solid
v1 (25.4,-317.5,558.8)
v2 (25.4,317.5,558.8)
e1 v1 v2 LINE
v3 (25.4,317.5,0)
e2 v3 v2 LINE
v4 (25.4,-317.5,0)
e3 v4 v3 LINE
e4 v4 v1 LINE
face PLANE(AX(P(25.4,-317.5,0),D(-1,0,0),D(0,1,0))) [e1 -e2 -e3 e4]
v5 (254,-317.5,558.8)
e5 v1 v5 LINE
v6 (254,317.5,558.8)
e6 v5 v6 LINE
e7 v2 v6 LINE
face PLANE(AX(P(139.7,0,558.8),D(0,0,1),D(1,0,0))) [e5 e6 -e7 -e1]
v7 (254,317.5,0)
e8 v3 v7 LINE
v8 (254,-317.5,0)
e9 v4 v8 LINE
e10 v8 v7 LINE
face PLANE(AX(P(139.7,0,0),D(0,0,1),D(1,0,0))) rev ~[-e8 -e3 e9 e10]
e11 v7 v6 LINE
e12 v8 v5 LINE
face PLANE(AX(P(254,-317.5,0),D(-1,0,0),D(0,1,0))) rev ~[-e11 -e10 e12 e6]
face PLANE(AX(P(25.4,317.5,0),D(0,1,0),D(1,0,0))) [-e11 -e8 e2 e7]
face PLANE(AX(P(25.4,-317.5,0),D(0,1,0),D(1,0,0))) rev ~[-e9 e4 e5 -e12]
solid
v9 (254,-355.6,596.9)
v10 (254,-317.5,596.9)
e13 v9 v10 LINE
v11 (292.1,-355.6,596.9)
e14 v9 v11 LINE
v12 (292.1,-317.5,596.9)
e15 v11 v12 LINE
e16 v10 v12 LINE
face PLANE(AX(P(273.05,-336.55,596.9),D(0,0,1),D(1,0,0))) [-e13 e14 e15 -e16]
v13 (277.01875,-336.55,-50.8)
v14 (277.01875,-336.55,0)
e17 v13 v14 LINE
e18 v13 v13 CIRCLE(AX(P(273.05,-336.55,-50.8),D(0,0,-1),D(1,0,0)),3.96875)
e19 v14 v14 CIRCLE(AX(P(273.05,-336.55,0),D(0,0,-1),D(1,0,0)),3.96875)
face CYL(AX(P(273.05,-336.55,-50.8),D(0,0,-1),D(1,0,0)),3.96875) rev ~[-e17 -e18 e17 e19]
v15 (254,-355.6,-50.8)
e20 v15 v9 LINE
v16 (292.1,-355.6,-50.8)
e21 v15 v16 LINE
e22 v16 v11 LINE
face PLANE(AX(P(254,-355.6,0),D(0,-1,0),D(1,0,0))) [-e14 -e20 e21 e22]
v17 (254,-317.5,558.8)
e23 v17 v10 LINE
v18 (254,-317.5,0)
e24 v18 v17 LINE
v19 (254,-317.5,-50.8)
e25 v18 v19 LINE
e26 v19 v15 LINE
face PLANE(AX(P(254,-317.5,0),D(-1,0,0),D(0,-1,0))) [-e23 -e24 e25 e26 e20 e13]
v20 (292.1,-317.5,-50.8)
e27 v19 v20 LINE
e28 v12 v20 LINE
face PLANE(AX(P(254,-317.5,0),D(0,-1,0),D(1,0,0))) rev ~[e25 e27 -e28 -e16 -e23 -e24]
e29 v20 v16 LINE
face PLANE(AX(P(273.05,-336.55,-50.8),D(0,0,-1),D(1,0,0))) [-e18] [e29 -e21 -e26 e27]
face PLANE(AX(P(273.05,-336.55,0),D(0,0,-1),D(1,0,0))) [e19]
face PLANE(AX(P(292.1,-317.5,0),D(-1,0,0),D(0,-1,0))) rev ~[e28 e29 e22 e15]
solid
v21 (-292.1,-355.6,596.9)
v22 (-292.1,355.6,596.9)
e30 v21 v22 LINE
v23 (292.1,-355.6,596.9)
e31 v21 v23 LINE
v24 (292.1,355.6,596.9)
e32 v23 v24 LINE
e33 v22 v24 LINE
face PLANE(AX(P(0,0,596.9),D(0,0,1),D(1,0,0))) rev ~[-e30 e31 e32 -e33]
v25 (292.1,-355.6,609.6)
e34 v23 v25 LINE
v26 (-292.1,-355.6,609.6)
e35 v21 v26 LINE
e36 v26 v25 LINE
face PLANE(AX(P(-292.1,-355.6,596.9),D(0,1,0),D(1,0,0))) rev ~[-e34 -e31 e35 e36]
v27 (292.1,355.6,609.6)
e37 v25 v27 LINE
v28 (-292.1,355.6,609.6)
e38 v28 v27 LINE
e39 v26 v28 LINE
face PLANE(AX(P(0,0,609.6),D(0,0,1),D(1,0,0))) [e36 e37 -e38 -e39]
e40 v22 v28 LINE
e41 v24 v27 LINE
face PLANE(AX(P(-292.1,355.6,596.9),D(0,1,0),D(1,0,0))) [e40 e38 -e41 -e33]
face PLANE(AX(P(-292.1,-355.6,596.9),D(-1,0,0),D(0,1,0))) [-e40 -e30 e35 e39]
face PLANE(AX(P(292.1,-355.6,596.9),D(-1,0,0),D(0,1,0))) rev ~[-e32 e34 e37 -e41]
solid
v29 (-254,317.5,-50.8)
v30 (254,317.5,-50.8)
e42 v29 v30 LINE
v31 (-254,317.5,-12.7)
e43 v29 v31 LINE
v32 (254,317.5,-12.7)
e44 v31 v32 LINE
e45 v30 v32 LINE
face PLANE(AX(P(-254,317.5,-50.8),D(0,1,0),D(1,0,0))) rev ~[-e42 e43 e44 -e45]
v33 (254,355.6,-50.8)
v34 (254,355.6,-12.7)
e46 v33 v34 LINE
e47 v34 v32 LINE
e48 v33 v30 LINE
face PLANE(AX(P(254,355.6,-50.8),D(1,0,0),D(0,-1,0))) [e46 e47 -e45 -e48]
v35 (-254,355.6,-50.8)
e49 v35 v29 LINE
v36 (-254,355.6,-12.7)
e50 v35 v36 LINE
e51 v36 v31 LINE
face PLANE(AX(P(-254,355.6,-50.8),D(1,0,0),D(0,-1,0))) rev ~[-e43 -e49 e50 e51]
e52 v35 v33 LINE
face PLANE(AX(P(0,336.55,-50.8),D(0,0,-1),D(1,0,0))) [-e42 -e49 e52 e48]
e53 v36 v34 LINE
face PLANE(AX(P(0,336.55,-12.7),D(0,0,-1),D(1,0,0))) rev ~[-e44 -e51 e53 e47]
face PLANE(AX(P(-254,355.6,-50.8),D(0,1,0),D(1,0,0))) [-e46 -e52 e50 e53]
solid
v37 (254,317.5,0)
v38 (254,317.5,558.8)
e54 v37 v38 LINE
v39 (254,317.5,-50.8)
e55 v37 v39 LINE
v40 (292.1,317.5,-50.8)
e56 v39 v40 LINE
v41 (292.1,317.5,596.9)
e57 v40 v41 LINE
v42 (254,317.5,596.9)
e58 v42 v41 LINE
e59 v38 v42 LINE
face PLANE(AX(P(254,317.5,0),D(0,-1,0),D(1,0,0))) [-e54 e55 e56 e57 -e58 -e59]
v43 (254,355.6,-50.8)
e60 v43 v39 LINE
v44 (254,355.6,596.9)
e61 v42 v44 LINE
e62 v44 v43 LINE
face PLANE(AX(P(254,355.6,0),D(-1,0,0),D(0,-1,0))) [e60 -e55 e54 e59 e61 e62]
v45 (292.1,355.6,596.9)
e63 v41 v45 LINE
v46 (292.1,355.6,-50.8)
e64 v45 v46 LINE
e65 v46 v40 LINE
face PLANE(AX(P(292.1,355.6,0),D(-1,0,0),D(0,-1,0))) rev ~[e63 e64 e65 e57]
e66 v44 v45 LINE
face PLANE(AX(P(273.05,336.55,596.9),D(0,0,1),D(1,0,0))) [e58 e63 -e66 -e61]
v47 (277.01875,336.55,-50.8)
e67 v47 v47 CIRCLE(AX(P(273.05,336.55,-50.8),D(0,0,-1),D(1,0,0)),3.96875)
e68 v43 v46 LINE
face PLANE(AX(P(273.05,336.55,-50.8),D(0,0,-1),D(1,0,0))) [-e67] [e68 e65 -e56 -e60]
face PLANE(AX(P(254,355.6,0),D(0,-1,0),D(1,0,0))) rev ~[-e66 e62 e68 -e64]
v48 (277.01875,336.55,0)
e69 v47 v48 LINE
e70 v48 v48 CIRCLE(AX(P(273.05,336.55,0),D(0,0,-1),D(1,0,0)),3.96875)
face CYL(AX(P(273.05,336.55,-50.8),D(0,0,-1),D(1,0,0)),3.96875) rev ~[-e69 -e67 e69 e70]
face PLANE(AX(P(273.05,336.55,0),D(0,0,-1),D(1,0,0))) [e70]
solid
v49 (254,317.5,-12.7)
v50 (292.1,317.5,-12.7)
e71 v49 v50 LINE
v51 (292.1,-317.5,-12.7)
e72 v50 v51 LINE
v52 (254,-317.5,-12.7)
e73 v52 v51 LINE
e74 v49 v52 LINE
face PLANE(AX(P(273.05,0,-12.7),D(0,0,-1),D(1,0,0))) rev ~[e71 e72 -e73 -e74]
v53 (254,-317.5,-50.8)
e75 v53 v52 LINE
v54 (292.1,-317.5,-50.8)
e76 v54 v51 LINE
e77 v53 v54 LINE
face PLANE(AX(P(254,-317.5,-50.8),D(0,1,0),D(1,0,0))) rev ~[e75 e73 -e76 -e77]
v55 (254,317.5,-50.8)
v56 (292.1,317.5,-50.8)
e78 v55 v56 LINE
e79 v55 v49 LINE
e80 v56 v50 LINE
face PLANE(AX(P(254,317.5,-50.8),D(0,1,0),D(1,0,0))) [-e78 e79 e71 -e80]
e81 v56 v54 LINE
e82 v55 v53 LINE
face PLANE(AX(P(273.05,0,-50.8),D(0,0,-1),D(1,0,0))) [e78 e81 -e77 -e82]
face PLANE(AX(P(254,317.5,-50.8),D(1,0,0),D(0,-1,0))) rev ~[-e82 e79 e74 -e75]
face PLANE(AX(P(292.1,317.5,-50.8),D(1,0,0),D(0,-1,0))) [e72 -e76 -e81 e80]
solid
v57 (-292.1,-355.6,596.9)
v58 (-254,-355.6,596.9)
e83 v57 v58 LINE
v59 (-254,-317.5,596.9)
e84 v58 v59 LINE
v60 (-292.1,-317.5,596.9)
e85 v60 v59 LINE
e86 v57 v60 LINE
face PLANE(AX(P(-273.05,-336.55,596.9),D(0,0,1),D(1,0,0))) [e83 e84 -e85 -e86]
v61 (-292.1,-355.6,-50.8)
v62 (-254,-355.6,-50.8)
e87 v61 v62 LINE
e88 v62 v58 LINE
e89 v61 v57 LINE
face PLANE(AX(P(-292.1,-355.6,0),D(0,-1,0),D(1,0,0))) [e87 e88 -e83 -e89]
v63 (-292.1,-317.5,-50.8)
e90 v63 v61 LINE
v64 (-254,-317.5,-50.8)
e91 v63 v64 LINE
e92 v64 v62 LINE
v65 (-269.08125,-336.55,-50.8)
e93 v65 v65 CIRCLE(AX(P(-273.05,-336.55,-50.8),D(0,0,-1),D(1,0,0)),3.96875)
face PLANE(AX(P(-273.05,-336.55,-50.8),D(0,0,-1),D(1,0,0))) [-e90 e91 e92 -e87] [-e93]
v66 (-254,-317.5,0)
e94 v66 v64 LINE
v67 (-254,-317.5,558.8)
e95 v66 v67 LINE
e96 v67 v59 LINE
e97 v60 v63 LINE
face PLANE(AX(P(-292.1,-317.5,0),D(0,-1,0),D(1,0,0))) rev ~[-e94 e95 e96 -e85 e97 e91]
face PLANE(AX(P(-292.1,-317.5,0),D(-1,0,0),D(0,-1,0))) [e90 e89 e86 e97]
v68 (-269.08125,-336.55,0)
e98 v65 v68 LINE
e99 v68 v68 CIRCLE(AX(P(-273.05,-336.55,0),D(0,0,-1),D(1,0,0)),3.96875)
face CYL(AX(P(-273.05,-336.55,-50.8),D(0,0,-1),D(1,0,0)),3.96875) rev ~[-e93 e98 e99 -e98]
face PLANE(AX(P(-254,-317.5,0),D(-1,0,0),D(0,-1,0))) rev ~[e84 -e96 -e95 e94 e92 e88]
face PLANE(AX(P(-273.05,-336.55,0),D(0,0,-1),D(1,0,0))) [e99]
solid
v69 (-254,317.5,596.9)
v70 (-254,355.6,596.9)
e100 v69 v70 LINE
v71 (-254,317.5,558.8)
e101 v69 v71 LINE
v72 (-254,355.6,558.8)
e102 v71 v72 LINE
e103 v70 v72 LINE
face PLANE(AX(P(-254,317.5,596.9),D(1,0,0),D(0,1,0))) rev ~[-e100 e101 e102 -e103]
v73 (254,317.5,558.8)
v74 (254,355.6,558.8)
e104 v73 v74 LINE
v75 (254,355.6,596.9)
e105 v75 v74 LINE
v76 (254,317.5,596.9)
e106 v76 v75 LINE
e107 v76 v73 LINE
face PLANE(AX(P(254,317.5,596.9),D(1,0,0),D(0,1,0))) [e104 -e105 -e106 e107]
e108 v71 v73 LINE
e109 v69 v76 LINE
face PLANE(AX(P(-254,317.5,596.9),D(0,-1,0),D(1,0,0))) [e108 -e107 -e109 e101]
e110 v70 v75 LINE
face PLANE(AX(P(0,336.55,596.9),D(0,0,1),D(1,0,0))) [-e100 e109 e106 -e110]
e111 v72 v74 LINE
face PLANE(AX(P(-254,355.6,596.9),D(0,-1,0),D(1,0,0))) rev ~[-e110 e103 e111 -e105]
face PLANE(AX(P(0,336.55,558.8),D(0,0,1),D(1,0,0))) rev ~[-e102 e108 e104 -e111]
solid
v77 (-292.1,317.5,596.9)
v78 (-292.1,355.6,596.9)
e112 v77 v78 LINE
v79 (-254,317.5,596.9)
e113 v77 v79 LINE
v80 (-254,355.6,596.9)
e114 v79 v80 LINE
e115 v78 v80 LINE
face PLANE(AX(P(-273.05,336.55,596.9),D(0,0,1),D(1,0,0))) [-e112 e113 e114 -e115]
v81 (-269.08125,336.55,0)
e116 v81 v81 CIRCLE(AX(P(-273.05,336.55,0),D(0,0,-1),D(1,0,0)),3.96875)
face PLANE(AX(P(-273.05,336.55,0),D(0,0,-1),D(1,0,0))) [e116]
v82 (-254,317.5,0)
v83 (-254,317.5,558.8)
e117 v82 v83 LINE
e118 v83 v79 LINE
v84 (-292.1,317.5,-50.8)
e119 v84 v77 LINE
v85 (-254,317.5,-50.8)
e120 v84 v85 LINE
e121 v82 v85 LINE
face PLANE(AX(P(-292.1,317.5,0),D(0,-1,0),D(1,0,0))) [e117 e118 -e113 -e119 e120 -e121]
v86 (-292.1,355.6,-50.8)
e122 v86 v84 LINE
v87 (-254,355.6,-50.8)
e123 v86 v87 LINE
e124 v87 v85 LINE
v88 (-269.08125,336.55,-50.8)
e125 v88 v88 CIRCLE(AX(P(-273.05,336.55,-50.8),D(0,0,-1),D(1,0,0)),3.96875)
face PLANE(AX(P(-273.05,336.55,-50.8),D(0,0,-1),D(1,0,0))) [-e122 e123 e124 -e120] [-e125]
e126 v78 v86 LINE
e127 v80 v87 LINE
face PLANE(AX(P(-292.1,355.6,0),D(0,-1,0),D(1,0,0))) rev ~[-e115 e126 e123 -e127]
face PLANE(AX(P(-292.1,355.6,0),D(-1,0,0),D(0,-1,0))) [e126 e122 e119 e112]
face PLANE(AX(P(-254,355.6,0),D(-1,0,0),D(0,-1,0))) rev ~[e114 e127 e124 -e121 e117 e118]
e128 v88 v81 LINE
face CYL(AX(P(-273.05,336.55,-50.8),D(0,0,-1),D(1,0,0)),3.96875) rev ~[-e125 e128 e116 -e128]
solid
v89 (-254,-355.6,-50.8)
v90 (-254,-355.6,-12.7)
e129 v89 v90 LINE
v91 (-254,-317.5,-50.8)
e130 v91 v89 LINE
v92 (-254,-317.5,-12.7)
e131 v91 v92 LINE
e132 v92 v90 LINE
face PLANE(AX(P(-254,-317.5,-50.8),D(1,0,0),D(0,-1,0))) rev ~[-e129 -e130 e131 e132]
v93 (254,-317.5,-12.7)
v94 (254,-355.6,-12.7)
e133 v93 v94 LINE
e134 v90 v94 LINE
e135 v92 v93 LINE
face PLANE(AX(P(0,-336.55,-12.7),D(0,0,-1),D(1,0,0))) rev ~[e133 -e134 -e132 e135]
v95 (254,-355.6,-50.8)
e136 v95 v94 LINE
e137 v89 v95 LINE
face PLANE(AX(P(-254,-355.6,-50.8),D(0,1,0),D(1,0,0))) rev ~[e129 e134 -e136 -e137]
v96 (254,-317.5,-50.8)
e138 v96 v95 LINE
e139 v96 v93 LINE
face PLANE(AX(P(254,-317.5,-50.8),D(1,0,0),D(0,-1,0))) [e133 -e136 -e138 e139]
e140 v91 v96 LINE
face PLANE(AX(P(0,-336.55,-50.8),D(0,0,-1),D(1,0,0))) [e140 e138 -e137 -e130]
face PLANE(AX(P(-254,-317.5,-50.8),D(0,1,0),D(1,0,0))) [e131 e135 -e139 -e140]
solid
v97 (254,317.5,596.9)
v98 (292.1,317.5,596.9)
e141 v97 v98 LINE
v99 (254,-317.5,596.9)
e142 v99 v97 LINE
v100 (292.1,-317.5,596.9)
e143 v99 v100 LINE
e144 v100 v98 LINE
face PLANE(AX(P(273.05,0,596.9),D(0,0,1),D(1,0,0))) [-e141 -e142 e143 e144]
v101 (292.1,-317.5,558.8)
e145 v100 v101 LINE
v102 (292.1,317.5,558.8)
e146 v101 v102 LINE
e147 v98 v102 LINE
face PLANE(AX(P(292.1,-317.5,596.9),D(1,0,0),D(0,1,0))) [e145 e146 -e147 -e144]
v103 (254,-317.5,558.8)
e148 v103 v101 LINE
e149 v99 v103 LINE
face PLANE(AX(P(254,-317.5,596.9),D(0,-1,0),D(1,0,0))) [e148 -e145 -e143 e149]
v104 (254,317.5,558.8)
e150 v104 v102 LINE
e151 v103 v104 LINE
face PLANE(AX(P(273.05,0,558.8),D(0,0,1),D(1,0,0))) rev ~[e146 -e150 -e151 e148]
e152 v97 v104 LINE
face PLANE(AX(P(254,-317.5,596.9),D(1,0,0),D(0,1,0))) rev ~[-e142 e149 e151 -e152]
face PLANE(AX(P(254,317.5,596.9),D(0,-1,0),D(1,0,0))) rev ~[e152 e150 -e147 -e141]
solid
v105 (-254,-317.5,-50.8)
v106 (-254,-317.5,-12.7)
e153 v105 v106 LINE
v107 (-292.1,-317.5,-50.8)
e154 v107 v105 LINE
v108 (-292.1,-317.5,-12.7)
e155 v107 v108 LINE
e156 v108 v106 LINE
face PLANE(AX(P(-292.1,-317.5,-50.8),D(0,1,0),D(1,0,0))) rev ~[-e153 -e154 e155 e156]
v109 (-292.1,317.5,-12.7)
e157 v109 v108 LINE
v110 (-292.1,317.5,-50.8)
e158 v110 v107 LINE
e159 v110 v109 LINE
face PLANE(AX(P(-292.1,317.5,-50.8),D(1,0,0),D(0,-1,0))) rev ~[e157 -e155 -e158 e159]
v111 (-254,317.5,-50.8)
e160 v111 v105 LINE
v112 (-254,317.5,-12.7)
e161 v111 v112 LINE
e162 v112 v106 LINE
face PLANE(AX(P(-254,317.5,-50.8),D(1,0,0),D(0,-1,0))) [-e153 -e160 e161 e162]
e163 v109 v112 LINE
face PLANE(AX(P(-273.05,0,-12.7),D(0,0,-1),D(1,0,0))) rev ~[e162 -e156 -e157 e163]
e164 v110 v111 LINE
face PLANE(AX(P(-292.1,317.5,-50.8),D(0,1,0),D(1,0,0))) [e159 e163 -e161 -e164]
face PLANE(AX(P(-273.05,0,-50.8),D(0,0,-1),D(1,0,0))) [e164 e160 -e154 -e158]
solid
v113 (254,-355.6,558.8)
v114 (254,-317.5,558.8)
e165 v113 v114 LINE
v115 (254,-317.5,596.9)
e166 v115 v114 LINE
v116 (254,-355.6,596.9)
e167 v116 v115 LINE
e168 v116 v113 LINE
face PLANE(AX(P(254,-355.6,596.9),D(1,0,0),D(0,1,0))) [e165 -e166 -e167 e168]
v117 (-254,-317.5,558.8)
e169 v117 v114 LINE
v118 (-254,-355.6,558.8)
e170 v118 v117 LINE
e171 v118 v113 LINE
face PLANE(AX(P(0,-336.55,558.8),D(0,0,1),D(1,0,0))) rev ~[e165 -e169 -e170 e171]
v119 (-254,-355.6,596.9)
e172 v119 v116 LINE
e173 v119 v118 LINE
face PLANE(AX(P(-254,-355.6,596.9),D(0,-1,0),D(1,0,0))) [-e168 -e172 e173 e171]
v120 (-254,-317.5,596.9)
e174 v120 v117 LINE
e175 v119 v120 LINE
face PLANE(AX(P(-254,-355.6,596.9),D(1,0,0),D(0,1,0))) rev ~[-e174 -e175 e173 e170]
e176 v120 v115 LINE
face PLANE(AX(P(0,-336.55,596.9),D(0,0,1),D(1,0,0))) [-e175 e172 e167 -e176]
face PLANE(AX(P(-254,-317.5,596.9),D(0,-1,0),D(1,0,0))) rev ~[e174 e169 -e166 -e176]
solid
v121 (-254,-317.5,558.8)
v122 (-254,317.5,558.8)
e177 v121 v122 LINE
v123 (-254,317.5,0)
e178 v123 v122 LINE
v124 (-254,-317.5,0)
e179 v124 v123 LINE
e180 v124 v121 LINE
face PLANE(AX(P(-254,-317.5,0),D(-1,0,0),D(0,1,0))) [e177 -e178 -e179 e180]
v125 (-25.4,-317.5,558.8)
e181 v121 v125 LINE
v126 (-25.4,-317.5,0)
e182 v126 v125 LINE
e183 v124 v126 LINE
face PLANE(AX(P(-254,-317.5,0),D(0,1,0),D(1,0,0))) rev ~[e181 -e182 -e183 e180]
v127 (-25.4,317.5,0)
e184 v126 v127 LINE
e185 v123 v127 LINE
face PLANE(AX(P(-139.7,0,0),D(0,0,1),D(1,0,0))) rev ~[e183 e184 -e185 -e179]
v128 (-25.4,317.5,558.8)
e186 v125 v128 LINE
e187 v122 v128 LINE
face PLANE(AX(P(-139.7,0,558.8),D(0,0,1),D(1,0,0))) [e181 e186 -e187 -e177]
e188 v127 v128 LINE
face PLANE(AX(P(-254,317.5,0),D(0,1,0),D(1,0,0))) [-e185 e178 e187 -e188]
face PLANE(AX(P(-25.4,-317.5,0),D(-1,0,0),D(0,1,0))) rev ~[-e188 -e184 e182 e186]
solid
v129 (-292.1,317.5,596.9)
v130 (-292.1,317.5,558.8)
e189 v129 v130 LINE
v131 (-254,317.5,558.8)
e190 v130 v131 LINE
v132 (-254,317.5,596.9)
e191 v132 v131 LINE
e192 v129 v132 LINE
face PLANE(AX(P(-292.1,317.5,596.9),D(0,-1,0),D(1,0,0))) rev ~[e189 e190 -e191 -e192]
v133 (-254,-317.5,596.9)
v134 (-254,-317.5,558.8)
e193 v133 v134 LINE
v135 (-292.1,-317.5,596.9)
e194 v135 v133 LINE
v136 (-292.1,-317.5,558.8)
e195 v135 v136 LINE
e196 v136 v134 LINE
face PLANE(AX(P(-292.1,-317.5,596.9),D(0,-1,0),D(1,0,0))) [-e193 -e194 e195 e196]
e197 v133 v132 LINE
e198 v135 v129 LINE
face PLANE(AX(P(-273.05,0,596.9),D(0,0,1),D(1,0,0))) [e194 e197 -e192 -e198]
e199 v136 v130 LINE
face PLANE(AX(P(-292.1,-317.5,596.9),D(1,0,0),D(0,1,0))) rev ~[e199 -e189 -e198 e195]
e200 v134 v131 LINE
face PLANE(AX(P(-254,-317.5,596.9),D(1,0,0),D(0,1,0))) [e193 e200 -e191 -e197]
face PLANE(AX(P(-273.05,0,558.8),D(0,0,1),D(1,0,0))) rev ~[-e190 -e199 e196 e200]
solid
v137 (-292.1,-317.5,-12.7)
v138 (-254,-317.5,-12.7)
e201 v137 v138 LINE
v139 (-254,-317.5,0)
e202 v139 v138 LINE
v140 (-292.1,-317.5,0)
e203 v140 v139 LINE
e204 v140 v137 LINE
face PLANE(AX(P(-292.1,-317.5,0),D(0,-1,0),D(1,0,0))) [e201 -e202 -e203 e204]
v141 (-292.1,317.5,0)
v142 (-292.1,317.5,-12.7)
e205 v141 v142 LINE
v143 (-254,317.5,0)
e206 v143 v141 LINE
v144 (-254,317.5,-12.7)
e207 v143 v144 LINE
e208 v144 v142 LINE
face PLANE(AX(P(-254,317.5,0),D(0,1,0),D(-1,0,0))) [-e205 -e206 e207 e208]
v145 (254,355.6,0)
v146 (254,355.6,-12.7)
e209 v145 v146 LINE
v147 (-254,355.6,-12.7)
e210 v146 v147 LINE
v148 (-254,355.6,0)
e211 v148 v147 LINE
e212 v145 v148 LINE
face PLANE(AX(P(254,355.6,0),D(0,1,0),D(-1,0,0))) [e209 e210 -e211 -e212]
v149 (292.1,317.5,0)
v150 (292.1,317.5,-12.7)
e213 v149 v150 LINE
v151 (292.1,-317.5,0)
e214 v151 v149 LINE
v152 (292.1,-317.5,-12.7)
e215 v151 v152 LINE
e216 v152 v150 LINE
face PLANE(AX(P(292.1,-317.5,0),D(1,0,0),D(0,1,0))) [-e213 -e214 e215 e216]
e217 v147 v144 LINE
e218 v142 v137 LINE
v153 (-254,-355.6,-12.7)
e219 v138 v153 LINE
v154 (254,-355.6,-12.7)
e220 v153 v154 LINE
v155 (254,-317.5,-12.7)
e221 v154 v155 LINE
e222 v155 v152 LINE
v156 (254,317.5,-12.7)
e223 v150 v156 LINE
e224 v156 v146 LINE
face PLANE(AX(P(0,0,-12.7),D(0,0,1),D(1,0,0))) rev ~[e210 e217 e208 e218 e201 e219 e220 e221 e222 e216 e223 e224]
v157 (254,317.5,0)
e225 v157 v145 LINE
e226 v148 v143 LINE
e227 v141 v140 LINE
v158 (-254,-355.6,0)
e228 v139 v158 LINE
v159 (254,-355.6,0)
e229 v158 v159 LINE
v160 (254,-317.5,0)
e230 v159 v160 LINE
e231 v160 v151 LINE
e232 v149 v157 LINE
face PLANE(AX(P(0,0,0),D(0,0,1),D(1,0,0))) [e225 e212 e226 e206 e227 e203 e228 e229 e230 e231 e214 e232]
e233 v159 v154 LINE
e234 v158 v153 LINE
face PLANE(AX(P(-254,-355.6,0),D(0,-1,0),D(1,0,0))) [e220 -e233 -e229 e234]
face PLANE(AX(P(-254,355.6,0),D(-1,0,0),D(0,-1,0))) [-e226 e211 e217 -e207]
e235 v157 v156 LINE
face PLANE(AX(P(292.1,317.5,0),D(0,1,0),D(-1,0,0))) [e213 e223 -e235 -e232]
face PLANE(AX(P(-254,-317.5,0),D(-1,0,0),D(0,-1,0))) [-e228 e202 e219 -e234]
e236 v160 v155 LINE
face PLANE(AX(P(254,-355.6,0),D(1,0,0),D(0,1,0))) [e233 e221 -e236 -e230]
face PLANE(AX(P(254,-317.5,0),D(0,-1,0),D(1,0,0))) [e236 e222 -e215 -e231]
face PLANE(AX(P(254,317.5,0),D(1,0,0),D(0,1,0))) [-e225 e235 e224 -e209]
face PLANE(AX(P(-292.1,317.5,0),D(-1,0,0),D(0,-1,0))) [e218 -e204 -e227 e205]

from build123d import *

# Parameters (mm, degrees)
F0_W      = 228.6
F0_H      = 635
F1_DEPTH  = 558.8
F2_W      = 38.1
F2_H      = 38.1
F3_DEPTH  = 596.9
F3_FACE_W = 38.1
F3_FACE_H = 38.1
F4_DEPTH  = 50.8
F5_DEPTH  = 50.8
F6_DEPTH  = 50.8
F7_DEPTH  = 50.8
F9_DEPTH  = 12.7
F10_W     = 38.1
F10_H     = 635
F10_W_2   = 508
F10_H_2   = 38.1
F11_DEPTH = 38.1
F12_W     = 508
F12_H     = 38.1
F12_W_2   = 38.1
F12_H_2   = 635
F13_DEPTH = 38.1
F14_W     = 584.2
F14_H     = 711.2
F15_DEPTH = 12.7
F16_R     = 3.96875
F17_DEPTH = 50.8


with BuildPart() as f1:
    # F0 (on Top) → F1 (new body)
    with BuildSketch(Plane.XY):
        with Locations((139.7, 0)):
            Rectangle(F0_W, F0_H)
        with Locations((-139.7, 0)):
            Rectangle(F0_W, F0_H)
    extrude(amount=F1_DEPTH)



with BuildPart() as f3:
    # F2 (on Top) → F3 (new body)
    with BuildSketch(Plane.XY):
        with Locations((-273.05, 336.55)):
            Rectangle(F2_W, F2_H)
        with Locations((273.05, 336.55)):
            Rectangle(F2_W, F2_H)
        with Locations((273.05, -336.55)):
            Rectangle(F2_W, F2_H)
        with Locations((-273.05, -336.55)):
            Rectangle(F2_W, F2_H)
    extrude(amount=F3_DEPTH)


with BuildPart() as f1_1:
    add(f1.part)

    add(f3.part)  # F4 merges F3
    # F3_face (on face) → F4 (join)
    with BuildSketch(Plane(origin=(-273.05, -336.55, 0), x_dir=(1, 0, 0), z_dir=(0, 0, -1))):
        Rectangle(F3_FACE_W, F3_FACE_H)
    extrude(amount=F4_DEPTH)

    # F3_face (on face) → F5 (join)
    with BuildSketch(Plane(origin=(-273.05, -336.55, 0), x_dir=(1, 0, 0), z_dir=(0, 0, -1))):
        with Locations((546.1, 0)):
            Rectangle(F3_FACE_W, F3_FACE_H)
    extrude(amount=F5_DEPTH)

    # F3_face (on face) → F6 (join)
    with BuildSketch(Plane(origin=(-273.05, -336.55, 0), x_dir=(1, 0, 0), z_dir=(0, 0, -1))):
        with Locations((0, -673.1)):
            Rectangle(F3_FACE_W, F3_FACE_H)
    extrude(amount=F6_DEPTH)

    # F3_face (on face) → F7 (join)
    with BuildSketch(Plane(origin=(-273.05, -336.55, 0), x_dir=(1, 0, 0), z_dir=(0, 0, -1))):
        with Locations((546.1, -673.1)):
            Rectangle(F3_FACE_W, F3_FACE_H)
    extrude(amount=F7_DEPTH)

    # F16 (on face) → F17 (cut)
    with BuildSketch(Plane(origin=(0, 0, -50.8), x_dir=(1, 0, 0), z_dir=(0, 0, -1))):
        with Locations((273.05, -336.55)):
            Circle(F16_R)
        with Locations((-273.05, -336.55)):
            Circle(F16_R)
        with Locations((273.05, 336.55)):
            Circle(F16_R)
        with Locations((-273.05, 336.55)):
            Circle(F16_R)
    extrude(amount=-F17_DEPTH, mode=Mode.SUBTRACT)


with BuildPart() as f9:
    # F8 (on Top) → F9 (new body)
    with BuildSketch(Plane.XY):
        Polygon((-254, 317.5), (-292.1, 317.5), (-292.1, -317.5), (-254, -317.5), (-254, -355.6), (254, -355.6), (254, -317.5), (292.1, -317.5), (292.1, 317.5), (254, 317.5), (254, 355.6), (-254, 355.6), align=None)
    extrude(amount=-F9_DEPTH)


with BuildPart() as f11:
    # F10 (on face) → F11 (new body)
    with BuildSketch(Plane.XY.offset(596.9)):
        with Locations((273.05, 0)):
            Rectangle(F10_W, F10_H)
        with Locations((0, -336.55)):
            Rectangle(F10_W_2, F10_H_2)
        with Locations((-273.05, 0)):
            Rectangle(F10_W, F10_H)
        with Locations((0, 336.55)):
            Rectangle(F10_W_2, F10_H_2)
    extrude(amount=-F11_DEPTH)


with BuildPart() as f13:
    # F12 (on face) → F13 (new body)
    with BuildSketch(Plane(origin=(0, 0, -50.8), x_dir=(1, 0, 0), z_dir=(0, 0, -1))):
        with Locations((0, -336.55)):
            Rectangle(F12_W, F12_H)
        with Locations((273.05, 0)):
            Rectangle(F12_W_2, F12_H_2)
        with Locations((0, 336.55)):
            Rectangle(F12_W, F12_H)
        with Locations((-273.05, 0)):
            Rectangle(F12_W_2, F12_H_2)
    extrude(amount=-F13_DEPTH)


with BuildPart() as f15:
    # F14 (on face) → F15 (new body)
    with BuildSketch(Plane.XY.offset(596.9)):
        Rectangle(F14_W, F14_H)
    extrude(amount=F15_DEPTH)


solid = Compound([f1_1.part, f9.part, f11.part, f13.part, f15.part])
